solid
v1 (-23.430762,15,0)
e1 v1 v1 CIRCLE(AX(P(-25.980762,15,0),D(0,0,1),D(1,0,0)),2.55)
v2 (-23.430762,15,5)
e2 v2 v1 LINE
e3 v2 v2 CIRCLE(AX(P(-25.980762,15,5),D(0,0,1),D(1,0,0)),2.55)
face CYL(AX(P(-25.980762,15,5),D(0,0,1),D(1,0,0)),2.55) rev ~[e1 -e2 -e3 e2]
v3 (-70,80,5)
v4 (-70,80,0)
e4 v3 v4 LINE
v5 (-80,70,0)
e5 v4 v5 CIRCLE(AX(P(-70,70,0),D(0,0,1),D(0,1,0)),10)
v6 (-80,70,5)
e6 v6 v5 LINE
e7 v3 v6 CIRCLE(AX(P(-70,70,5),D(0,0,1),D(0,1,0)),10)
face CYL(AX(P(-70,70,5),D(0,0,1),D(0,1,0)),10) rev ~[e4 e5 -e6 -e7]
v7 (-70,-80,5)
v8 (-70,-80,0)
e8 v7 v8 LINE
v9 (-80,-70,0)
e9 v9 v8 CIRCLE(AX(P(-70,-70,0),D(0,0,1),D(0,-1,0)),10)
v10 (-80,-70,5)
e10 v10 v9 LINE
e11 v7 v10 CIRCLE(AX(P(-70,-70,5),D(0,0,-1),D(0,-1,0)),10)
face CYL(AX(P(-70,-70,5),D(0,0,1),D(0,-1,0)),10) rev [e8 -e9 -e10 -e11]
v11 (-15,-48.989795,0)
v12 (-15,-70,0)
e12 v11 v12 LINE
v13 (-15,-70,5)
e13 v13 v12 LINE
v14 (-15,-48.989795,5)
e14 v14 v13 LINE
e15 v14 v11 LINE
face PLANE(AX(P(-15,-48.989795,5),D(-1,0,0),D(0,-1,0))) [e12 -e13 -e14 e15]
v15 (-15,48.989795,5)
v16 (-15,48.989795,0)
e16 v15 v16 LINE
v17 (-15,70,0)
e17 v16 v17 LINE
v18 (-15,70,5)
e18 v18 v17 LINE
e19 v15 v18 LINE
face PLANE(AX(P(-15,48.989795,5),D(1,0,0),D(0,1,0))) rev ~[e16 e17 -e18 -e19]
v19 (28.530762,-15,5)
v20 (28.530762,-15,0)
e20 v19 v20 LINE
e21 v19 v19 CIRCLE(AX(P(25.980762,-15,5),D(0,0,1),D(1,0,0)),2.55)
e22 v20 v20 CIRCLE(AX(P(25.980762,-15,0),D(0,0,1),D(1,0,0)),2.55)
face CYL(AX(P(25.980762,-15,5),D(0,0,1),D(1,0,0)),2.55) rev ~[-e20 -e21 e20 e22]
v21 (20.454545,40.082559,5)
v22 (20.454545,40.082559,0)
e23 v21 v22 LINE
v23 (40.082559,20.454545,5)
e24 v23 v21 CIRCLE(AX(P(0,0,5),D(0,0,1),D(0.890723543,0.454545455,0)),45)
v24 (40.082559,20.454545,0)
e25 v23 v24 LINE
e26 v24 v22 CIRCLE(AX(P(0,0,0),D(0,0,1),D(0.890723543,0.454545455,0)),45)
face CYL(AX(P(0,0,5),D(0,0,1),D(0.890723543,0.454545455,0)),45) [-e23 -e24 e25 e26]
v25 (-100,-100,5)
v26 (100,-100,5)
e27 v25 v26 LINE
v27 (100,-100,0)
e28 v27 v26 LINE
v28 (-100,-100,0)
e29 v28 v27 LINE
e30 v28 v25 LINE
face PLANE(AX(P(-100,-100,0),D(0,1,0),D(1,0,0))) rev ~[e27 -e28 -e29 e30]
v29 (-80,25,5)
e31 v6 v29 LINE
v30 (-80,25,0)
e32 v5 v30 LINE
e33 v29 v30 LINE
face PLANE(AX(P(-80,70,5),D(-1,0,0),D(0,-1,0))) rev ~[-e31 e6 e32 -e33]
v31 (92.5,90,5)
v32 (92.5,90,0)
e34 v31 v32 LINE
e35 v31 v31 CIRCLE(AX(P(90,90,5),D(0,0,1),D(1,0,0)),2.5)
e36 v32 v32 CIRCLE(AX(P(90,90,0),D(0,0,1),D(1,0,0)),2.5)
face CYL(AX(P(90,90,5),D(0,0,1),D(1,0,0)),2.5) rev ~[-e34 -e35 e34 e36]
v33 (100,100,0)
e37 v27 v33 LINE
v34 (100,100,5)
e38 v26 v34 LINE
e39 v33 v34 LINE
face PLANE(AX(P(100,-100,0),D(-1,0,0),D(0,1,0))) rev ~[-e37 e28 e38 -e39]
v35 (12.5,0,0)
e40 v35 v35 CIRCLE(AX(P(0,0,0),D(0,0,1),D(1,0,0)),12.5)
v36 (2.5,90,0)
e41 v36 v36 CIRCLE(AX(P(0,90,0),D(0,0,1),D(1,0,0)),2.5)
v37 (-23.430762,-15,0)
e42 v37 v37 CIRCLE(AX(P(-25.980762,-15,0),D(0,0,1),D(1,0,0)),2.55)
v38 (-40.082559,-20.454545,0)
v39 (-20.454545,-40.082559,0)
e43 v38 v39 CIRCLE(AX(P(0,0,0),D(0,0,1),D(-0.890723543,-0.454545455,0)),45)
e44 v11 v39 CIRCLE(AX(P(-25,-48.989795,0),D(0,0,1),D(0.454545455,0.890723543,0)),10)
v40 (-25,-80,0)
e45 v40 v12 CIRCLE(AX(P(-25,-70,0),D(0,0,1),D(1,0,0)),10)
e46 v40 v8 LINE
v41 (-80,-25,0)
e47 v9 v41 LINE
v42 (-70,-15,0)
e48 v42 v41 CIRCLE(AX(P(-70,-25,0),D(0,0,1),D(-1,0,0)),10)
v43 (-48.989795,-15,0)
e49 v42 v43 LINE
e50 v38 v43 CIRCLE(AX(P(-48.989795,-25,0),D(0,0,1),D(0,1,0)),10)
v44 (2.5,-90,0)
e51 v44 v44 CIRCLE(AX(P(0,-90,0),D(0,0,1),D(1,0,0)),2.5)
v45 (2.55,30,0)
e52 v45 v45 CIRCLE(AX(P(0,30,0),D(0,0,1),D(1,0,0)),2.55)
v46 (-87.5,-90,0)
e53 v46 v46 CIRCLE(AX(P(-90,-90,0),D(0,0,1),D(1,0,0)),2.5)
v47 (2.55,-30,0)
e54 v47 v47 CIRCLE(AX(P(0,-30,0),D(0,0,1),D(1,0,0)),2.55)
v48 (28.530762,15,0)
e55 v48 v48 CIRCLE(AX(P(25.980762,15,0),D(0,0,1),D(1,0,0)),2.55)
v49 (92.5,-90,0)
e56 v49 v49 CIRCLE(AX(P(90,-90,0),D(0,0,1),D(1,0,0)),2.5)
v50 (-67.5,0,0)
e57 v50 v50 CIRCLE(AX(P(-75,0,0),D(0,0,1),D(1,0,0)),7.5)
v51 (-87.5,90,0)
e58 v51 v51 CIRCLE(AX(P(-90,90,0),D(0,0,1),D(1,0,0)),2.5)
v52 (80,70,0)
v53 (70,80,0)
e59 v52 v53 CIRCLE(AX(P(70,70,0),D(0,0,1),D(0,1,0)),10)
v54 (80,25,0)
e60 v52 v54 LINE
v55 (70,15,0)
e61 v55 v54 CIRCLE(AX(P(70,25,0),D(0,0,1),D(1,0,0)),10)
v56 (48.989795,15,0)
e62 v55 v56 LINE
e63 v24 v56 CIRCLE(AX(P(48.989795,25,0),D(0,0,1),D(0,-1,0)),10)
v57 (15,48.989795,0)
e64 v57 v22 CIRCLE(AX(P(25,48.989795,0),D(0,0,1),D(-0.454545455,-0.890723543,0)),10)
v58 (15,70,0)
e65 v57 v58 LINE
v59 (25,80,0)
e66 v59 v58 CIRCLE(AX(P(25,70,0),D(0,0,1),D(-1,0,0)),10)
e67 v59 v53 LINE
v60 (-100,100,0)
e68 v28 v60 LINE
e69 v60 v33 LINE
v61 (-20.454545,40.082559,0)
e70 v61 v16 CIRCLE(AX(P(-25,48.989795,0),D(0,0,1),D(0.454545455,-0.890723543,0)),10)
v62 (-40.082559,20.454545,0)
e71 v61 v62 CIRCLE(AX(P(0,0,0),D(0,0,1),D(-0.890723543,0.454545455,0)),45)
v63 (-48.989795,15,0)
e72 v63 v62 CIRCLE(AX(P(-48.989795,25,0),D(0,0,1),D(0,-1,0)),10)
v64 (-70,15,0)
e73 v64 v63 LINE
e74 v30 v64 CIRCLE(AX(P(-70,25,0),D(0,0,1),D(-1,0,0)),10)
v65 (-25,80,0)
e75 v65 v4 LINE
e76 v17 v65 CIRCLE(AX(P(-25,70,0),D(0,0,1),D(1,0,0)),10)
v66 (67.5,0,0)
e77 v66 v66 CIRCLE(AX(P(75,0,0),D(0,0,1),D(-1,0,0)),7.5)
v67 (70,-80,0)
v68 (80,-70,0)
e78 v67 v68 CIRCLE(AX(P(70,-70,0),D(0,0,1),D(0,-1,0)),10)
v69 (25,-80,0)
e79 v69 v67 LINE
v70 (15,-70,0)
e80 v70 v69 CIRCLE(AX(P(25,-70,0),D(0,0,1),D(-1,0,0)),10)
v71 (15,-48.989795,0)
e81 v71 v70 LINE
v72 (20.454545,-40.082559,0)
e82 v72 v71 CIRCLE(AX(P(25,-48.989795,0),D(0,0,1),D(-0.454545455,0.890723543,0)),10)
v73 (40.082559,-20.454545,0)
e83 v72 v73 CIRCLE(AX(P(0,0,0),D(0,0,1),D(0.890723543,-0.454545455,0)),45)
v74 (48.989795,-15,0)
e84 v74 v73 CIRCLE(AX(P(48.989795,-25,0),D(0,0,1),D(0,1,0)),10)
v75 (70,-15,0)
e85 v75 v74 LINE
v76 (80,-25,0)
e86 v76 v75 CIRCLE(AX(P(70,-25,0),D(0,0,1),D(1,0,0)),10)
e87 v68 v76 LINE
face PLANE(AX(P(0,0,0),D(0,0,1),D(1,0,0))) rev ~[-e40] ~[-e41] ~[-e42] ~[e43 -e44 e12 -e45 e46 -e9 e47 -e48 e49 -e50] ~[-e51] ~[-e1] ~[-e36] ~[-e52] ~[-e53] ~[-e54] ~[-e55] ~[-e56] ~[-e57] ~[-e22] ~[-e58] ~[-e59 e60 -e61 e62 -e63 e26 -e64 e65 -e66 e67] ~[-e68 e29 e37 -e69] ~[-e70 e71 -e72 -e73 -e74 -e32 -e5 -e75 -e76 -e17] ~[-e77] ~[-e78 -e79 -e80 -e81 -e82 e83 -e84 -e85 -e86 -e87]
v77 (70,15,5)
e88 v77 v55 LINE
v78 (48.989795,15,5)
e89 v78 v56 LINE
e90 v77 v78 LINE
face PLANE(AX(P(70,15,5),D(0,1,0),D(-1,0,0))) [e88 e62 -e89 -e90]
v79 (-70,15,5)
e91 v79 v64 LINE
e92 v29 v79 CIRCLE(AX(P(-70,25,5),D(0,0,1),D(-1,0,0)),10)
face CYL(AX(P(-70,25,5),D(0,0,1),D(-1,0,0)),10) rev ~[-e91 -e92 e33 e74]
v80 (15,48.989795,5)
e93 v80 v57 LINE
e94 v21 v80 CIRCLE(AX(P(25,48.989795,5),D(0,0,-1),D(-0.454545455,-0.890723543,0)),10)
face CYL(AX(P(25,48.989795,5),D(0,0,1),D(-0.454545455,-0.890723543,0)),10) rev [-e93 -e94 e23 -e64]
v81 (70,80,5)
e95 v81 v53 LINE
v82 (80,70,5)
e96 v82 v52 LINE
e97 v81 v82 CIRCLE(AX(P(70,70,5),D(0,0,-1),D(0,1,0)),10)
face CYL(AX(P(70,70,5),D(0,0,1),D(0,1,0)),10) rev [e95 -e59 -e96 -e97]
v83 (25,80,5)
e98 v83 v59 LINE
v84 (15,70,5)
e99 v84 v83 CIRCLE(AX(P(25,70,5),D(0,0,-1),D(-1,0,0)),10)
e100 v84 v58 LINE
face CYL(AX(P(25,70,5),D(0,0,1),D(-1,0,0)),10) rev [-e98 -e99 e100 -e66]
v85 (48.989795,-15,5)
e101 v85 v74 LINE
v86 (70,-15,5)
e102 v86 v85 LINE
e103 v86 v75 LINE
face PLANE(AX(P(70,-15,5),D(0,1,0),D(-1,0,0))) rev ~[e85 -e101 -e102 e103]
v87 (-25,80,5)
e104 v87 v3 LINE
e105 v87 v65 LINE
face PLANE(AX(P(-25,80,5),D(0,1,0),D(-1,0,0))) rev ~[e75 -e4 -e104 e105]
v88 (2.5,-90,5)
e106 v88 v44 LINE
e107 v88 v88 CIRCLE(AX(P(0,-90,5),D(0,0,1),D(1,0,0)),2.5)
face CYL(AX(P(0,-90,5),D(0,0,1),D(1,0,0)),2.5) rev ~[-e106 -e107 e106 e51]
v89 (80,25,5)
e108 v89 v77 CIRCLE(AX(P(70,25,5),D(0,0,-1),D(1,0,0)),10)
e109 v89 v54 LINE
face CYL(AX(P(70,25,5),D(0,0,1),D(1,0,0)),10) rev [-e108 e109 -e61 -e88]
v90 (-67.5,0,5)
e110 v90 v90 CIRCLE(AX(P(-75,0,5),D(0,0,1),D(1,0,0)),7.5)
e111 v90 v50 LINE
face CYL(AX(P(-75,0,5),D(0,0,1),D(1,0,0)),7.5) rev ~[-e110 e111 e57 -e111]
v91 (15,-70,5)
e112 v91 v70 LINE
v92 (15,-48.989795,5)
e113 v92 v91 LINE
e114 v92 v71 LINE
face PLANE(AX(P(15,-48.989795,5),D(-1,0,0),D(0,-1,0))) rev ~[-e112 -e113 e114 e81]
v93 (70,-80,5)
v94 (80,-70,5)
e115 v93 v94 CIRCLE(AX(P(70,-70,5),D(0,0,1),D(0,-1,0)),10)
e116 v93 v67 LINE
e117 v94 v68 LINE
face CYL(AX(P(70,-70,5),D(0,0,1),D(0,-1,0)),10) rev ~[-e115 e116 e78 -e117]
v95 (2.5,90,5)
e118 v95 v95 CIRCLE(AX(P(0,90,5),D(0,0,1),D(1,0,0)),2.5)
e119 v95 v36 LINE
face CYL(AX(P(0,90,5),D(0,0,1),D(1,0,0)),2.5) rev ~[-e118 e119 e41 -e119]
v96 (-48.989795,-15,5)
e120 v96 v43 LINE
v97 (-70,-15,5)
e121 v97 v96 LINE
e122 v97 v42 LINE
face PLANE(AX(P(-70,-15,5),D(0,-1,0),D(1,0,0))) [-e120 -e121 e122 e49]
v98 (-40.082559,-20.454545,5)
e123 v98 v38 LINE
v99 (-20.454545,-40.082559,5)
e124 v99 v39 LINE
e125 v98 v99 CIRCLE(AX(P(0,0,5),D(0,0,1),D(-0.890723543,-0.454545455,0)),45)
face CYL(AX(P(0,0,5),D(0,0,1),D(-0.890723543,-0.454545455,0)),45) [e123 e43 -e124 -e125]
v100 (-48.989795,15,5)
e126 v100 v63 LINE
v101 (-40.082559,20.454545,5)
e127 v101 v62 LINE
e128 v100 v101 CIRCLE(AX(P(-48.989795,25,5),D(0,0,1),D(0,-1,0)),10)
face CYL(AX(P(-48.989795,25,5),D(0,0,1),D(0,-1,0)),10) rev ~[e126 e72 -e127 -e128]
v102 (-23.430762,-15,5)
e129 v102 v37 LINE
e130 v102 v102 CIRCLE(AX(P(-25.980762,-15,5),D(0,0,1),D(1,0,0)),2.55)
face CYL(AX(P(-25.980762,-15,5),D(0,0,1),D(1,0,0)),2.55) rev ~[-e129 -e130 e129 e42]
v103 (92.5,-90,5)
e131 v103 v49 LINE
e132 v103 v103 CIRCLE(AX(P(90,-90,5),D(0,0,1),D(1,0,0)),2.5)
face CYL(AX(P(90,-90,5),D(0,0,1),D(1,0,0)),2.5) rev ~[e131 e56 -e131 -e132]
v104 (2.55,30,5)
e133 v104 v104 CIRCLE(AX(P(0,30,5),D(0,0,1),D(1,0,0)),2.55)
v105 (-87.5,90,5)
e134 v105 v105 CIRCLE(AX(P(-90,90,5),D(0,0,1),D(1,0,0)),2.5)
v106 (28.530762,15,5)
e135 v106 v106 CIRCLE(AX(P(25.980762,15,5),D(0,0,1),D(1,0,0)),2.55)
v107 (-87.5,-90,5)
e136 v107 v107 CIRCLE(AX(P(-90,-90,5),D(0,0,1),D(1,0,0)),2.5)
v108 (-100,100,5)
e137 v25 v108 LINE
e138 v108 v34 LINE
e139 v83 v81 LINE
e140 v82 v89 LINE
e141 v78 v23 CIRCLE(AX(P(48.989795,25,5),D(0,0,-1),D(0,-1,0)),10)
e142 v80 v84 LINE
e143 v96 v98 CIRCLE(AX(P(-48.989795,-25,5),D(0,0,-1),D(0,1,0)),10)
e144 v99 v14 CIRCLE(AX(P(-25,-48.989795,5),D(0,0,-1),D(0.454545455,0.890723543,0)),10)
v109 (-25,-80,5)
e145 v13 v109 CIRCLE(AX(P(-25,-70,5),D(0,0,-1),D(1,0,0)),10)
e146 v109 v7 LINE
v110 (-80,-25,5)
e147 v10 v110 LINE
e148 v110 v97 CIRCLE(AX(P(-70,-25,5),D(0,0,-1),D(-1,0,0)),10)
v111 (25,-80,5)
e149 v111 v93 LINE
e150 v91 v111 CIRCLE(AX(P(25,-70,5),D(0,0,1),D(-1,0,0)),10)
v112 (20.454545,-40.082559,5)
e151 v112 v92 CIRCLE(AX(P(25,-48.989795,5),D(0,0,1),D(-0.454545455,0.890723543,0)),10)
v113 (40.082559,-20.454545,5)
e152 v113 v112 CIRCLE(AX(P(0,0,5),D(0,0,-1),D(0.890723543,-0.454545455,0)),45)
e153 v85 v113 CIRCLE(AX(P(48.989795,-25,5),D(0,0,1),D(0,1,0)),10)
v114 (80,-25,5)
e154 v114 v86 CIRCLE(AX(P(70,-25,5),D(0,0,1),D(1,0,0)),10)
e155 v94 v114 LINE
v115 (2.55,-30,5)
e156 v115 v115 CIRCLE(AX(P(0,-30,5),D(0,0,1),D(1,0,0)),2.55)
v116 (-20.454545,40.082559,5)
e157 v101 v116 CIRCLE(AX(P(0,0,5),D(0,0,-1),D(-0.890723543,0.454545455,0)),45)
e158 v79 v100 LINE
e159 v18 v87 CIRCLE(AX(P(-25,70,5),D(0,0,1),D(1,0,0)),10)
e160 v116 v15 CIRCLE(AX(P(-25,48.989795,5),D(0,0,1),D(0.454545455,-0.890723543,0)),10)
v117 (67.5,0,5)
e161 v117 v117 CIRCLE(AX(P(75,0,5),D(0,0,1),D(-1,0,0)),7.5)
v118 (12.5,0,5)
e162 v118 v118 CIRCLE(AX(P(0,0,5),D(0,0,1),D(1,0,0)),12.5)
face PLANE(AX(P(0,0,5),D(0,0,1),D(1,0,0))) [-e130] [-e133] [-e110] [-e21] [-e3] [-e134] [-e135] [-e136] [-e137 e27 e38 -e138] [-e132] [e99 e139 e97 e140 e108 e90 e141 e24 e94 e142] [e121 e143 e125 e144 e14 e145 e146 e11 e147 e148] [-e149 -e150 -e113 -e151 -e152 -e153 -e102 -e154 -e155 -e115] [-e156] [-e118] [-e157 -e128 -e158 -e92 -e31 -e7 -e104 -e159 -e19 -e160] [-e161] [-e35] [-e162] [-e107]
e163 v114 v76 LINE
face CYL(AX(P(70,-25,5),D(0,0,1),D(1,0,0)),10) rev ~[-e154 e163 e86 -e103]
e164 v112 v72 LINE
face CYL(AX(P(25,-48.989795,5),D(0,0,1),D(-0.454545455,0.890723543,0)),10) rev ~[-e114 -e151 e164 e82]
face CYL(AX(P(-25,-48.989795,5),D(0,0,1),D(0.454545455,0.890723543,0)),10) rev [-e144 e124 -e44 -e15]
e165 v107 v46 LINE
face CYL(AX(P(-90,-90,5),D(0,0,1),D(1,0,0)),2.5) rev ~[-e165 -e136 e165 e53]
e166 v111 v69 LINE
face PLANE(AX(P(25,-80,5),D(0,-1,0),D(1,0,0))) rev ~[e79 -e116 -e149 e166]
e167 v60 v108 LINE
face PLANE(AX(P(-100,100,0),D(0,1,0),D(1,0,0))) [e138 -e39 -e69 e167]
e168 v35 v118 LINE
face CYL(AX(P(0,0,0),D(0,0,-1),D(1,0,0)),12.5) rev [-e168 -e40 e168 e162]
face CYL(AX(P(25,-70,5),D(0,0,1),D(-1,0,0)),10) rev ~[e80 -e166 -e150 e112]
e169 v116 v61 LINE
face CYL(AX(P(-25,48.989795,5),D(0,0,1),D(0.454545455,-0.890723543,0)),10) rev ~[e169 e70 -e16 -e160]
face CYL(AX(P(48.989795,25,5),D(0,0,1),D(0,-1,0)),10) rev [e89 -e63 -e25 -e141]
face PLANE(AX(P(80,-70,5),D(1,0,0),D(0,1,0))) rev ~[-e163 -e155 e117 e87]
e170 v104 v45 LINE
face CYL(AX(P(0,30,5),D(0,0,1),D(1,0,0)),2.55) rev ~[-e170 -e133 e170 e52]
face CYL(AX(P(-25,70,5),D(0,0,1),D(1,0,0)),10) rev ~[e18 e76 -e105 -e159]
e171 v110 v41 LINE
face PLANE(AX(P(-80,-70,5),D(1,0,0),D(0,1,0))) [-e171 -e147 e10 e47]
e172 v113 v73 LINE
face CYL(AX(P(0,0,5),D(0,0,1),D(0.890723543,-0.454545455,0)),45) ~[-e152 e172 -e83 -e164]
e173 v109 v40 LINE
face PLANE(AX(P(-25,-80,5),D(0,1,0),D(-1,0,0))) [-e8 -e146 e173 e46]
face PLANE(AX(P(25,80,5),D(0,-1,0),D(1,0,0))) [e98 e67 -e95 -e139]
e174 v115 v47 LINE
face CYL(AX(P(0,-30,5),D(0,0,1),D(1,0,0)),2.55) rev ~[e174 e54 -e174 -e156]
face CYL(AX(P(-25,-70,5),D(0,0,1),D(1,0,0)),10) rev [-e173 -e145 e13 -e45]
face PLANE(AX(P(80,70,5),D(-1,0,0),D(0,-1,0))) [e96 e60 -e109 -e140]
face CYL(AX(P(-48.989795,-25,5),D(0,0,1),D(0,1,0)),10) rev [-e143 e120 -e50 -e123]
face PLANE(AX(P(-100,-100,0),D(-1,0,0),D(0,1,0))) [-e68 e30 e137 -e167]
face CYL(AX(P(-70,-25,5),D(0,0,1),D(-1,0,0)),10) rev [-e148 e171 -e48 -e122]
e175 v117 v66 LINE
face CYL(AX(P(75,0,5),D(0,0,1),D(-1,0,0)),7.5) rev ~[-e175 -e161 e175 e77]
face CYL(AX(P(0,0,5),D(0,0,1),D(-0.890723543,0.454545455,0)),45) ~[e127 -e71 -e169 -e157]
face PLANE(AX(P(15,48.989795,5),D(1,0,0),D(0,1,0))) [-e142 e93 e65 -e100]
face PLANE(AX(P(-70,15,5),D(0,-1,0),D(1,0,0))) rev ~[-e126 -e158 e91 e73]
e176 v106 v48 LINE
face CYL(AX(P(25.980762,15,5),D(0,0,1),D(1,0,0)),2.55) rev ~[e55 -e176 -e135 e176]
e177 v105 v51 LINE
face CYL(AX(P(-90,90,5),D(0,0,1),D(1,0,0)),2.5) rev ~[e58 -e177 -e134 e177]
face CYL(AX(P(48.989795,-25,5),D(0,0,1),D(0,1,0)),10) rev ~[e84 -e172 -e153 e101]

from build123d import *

# Parameters (mm, degrees)
SKETCH_1_W          = 200
SKETCH_1_H          = 200
SKETCH_1_R          = 12.5
EXTRUDE_1_DEPTH     = 5
SKETCH_3_R          = 2.5
CUT_EXTRUDE_2_DEPTH = 142.509716981
SKETCH_4_R          = 2.55
SKETCH_4_R_2        = 7.5
CUT_EXTRUDE_3_DEPTH = 142.509716981
CUT_EXTRUDE_4_DEPTH = 142.509716981


with BuildPart() as part:
    # ｽｹｯﾁ1 → ﾎﾞｽ - 押し出し1 (new body)
    with BuildSketch(Plane.XY):
        Rectangle(SKETCH_1_W, SKETCH_1_H)
        Circle(SKETCH_1_R, mode=Mode.SUBTRACT)
    extrude(amount=EXTRUDE_1_DEPTH)

    # ｽｹｯﾁ3 → ｶｯﾄ - 押し出し2 (cut, through all)
    with BuildSketch(Plane.XY.offset(5)):
        with Locations((0, 90)):
            Circle(SKETCH_3_R)
        with Locations((90, 90)):
            Circle(SKETCH_3_R)
        with Locations((-90, 90)):
            Circle(SKETCH_3_R)
        with Locations((-90, -90)):
            Circle(SKETCH_3_R)
        with Locations((0, -90)):
            Circle(SKETCH_3_R)
        with Locations((90, -90)):
            Circle(SKETCH_3_R)
    extrude(amount=-CUT_EXTRUDE_2_DEPTH, mode=Mode.SUBTRACT)

    # ｽｹｯﾁ4 → ｶｯﾄ - 押し出し3 (cut, through all)
    with BuildSketch(Plane.XY.offset(5)):
        with Locations((0, 30)):
            Circle(SKETCH_4_R)
        with Locations((25.980762114, 15)):
            Circle(SKETCH_4_R)
        with Locations((25.980762114, -15)):
            Circle(SKETCH_4_R)
        with Locations((0, -30)):
            Circle(SKETCH_4_R)
        with Locations((-25.980762114, -15)):
            Circle(SKETCH_4_R)
        with Locations((-25.980762114, 15)):
            Circle(SKETCH_4_R)
        with Locations((-75, 0)):
            Circle(SKETCH_4_R_2)
        with Locations(Location((75, 0, 0), (0, 0, 180))):
            Circle(SKETCH_4_R_2)
    extrude(amount=-CUT_EXTRUDE_3_DEPTH, mode=Mode.SUBTRACT)

    # ｽｹｯﾁ5 → ｶｯﾄ - 押し出し4 (cut, through all)
    with BuildSketch(Plane.XY.offset(5)):
        with BuildLine():
            Line((-80, 70), (-80, 25))
            ThreePointArc((-80, 25), (-77.071067812, 17.928932188), (-70, 15))
            Line((-70, 15), (-48.989794856, 15))
            ThreePointArc((-48.989794856, 15), (-43.767465177, 16.471971346), (-40.082559427, 20.454545455))
            ThreePointArc((-40.082559427, 20.454545455), (-31.819805153, 31.819805153), (-20.454545455, 40.082559427))
            ThreePointArc((-20.454545455, 40.082559427), (-16.471971346, 43.767465177), (-15, 48.989794856))
            Line((-15, 48.989794856), (-15, 70))
            ThreePointArc((-15, 70), (-17.928932188, 77.071067812), (-25, 80))
            Line((-25, 80), (-70, 80))
            ThreePointArc((-70, 80), (-77.071067812, 77.071067812), (-80, 70))
        make_face()
        with BuildLine():
            Line((15, 48.989794856), (15, 70))
            ThreePointArc((15, 70), (17.928932188, 77.071067812), (25, 80))
            Line((25, 80), (70, 80))
            ThreePointArc((70, 80), (77.071067812, 77.071067812), (80, 70))
            Line((80, 70), (80, 25))
            ThreePointArc((80, 25), (77.071067812, 17.928932188), (70, 15))
            Line((70, 15), (48.989794856, 15))
            ThreePointArc((48.989794856, 15), (43.767465177, 16.471971346), (40.082559427, 20.454545455))
            ThreePointArc((40.082559427, 20.454545455), (31.819805153, 31.819805153), (20.454545455, 40.082559427))
            ThreePointArc((20.454545455, 40.082559427), (16.471971346, 43.767465177), (15, 48.989794856))
        make_face()
        with BuildLine():
            Line((15, -48.989794856), (15, -70))
            ThreePointArc((15, -70), (17.928932188, -77.071067812), (25, -80))
            Line((25, -80), (70, -80))
            ThreePointArc((70, -80), (77.071067812, -77.071067812), (80, -70))
            Line((80, -70), (80, -25))
            ThreePointArc((80, -25), (77.071067812, -17.928932188), (70, -15))
            Line((70, -15), (48.989794856, -15))
            ThreePointArc((48.989794856, -15), (43.767465177, -16.471971346), (40.082559427, -20.454545455))
            ThreePointArc((40.082559427, -20.454545455), (31.819805153, -31.819805153), (20.454545455, -40.082559427))
            ThreePointArc((20.454545455, -40.082559427), (16.471971346, -43.767465177), (15, -48.989794856))
        make_face()
        with BuildLine():
            Line((-15, -48.989794856), (-15, -70))
            ThreePointArc((-15, -70), (-17.928932188, -77.071067812), (-25, -80))
            Line((-25, -80), (-70, -80))
            ThreePointArc((-70, -80), (-77.071067812, -77.071067812), (-80, -70))
            Line((-80, -70), (-80, -25))
            ThreePointArc((-80, -25), (-77.071067812, -17.928932188), (-70, -15))
            Line((-70, -15), (-48.989794856, -15))
            ThreePointArc((-48.989794856, -15), (-43.767465177, -16.471971346), (-40.082559427, -20.454545455))
            ThreePointArc((-40.082559427, -20.454545455), (-31.819805153, -31.819805153), (-20.454545455, -40.082559427))
            ThreePointArc((-20.454545455, -40.082559427), (-16.471971346, -43.767465177), (-15, -48.989794856))
        make_face()
    extrude(amount=-CUT_EXTRUDE_4_DEPTH, mode=Mode.SUBTRACT)


solid = part.part
